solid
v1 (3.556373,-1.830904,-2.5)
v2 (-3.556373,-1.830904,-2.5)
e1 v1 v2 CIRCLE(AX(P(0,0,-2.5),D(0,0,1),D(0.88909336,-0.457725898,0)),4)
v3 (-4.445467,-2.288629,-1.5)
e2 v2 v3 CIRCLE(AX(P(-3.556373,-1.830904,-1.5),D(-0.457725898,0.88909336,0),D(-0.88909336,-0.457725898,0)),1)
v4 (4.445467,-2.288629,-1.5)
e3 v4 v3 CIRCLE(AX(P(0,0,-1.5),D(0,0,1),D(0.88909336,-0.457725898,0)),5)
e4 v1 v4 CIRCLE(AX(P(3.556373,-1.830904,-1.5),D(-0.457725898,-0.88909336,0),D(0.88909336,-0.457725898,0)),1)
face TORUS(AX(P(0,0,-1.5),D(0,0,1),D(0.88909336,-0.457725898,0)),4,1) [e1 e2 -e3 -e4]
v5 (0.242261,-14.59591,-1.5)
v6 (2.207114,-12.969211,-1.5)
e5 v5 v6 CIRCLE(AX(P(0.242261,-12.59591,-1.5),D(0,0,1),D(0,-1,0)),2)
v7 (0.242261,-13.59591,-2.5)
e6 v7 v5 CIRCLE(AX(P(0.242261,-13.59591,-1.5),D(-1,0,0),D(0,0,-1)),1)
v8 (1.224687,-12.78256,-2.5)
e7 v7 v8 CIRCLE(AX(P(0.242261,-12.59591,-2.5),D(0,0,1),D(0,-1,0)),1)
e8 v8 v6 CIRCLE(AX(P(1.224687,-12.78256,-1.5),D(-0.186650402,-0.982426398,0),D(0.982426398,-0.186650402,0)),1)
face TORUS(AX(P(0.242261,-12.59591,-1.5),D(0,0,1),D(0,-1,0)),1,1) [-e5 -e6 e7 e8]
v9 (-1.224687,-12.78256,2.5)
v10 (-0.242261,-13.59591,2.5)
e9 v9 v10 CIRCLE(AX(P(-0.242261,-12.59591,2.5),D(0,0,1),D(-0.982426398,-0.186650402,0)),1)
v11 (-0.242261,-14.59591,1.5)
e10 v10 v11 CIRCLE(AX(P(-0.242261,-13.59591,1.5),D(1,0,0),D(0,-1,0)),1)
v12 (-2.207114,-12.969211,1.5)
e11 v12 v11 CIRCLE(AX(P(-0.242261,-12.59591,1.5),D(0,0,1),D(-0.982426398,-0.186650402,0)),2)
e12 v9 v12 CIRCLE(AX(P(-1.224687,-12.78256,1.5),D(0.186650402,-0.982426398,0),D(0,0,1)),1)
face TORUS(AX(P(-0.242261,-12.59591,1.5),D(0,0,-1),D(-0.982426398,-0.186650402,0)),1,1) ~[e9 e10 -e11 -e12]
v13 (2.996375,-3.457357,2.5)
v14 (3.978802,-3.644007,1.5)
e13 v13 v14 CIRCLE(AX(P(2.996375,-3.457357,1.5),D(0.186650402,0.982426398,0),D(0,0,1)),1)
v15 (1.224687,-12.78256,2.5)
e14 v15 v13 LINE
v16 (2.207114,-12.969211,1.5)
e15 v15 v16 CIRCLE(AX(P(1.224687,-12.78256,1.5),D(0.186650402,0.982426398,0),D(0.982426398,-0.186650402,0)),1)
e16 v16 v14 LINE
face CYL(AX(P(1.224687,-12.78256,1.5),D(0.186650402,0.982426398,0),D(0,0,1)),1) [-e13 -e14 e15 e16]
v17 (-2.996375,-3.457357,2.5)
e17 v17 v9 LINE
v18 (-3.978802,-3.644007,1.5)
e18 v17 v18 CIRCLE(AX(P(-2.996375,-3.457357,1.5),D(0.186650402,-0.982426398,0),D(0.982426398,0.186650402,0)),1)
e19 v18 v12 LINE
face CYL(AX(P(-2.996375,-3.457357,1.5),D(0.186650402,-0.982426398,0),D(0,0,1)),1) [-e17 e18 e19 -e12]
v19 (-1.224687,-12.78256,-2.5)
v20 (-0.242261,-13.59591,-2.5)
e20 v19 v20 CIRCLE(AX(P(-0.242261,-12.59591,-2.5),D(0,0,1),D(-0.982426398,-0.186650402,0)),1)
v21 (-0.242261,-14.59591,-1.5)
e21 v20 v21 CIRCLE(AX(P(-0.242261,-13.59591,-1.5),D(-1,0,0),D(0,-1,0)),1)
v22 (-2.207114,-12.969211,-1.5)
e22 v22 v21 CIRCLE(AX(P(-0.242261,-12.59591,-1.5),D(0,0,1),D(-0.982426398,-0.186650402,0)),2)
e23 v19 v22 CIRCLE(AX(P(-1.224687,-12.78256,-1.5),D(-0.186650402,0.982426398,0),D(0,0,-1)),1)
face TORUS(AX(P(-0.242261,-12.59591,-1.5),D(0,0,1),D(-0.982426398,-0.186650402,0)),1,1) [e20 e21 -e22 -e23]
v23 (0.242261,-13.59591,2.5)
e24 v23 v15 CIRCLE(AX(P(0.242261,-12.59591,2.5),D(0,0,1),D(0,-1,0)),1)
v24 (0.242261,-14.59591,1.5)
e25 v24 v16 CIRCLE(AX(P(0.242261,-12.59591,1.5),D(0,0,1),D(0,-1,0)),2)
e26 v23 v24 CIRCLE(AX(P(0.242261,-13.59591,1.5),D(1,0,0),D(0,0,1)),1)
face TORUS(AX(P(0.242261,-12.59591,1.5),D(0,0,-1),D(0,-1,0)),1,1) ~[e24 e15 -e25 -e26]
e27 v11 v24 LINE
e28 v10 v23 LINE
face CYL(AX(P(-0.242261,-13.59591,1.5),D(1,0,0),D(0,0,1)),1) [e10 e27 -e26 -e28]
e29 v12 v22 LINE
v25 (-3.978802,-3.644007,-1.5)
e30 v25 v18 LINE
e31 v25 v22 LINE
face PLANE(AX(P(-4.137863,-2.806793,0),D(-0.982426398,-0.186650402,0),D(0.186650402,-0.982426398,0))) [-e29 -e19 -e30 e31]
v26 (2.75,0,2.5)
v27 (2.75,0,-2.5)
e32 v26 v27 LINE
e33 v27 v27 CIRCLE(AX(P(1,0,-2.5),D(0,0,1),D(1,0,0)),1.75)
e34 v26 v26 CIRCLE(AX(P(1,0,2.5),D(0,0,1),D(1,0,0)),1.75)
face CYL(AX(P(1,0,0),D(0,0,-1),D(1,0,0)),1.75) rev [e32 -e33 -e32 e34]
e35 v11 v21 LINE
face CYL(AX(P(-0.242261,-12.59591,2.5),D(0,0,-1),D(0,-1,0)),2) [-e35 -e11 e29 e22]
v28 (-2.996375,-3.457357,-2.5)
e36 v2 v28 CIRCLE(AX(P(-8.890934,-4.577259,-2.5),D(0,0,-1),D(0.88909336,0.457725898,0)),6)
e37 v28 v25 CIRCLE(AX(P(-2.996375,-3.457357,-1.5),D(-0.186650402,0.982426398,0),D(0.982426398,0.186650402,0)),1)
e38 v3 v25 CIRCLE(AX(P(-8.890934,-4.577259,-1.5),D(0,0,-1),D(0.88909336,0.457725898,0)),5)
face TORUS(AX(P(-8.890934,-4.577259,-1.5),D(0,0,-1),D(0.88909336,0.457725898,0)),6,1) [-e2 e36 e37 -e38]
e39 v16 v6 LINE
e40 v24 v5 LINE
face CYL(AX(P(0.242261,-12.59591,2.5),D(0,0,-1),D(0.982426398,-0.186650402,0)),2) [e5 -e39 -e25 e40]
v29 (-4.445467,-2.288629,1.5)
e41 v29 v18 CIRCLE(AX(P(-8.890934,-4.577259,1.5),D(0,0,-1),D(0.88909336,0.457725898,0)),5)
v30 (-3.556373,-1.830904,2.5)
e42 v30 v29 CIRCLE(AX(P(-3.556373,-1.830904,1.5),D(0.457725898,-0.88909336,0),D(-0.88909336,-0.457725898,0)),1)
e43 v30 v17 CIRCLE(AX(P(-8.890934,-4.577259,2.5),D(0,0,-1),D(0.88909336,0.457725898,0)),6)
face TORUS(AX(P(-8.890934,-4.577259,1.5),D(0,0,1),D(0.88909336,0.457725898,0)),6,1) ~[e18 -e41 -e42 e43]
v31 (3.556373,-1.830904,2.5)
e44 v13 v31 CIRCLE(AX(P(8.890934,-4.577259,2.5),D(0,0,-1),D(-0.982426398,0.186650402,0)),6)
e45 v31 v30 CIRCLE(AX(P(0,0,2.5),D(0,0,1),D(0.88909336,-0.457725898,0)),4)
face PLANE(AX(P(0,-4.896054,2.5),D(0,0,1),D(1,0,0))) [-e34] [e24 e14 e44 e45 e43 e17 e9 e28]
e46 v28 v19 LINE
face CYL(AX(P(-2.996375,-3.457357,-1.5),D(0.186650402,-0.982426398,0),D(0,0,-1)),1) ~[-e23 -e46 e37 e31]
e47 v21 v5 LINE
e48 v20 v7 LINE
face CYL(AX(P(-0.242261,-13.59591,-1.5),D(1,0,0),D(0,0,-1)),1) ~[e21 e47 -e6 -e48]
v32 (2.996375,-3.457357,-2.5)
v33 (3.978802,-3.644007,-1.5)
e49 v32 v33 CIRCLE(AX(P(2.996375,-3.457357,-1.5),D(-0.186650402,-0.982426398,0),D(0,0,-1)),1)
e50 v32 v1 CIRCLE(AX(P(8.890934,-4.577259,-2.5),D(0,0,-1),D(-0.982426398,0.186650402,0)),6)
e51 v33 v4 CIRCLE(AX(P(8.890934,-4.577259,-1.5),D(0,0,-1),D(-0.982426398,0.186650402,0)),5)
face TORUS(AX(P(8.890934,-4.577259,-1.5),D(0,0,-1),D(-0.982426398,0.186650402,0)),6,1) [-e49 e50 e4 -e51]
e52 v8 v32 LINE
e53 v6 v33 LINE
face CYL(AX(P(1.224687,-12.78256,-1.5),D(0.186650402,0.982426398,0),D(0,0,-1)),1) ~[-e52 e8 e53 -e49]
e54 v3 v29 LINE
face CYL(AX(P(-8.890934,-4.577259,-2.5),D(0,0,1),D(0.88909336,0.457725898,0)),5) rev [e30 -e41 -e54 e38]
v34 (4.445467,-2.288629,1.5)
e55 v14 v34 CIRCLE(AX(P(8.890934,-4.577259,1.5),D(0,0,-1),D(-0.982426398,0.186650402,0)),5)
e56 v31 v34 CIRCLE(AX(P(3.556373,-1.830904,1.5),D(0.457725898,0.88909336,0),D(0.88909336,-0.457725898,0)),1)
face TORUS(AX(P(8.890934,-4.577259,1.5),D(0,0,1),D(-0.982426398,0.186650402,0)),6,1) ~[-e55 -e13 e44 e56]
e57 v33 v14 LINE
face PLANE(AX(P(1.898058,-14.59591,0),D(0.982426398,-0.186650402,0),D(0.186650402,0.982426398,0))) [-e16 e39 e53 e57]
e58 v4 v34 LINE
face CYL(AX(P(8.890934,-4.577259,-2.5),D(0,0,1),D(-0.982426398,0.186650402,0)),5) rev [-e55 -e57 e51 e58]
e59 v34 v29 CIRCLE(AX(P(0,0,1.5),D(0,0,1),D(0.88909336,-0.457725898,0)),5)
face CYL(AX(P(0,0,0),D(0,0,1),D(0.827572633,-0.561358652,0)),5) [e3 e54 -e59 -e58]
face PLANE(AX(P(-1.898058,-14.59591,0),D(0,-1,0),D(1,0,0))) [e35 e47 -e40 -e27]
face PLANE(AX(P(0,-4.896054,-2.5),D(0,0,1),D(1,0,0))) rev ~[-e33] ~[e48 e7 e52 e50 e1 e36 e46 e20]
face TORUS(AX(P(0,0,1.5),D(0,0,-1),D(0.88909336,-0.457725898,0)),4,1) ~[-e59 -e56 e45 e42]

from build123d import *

# Parameters (mm, degrees)
F0_R     = 1.75
F1_DEPTH = 2.5
F2_R     = 2
F3_R     = 5
F4_R     = 1


with BuildPart() as f1:
    # F0 (on Top) → F1 (new body, symmetric)
    with BuildSketch(Plane.XY):
        with BuildLine():
            Line((1.8980583428, -14.5959100367), (4.1378631671, -2.8067932611))
            ThreePointArc((4.1378631671, -2.8067932611), (0, 5), (-4.1378631671, -2.8067932611))
            Line((-4.1378631671, -2.8067932611), (-1.8980583428, -14.5959100367))
            Line((-1.8980583428, -14.5959100367), (1.8980583428, -14.5959100367))
        make_face()
        with Locations((1, 0)):
            Circle(F0_R, mode=Mode.SUBTRACT)
    extrude(amount=F1_DEPTH, both=True)

    # F2
    f2_edges = [f1.edges().sort_by_distance(p)[0] for p in [
        (1.898058, -14.59591, 0),
        (-1.898058, -14.59591, 0),
    ]]
    fillet(f2_edges, radius=F2_R)

    # F3
    f3_edges = [f1.edges().sort_by_distance(p)[0] for p in [
        (4.137863, -2.806793, 0),
        (-4.137863, -2.806793, 0),
    ]]
    fillet(f3_edges, radius=F3_R)

    # F4
    f4_edges = [f1.edges().sort_by_distance(p)[0] for p in [
        (0, 5, 2.5),
        (0, 5, -2.5),
    ]]
    fillet(f4_edges, radius=F4_R)


solid = f1.part
